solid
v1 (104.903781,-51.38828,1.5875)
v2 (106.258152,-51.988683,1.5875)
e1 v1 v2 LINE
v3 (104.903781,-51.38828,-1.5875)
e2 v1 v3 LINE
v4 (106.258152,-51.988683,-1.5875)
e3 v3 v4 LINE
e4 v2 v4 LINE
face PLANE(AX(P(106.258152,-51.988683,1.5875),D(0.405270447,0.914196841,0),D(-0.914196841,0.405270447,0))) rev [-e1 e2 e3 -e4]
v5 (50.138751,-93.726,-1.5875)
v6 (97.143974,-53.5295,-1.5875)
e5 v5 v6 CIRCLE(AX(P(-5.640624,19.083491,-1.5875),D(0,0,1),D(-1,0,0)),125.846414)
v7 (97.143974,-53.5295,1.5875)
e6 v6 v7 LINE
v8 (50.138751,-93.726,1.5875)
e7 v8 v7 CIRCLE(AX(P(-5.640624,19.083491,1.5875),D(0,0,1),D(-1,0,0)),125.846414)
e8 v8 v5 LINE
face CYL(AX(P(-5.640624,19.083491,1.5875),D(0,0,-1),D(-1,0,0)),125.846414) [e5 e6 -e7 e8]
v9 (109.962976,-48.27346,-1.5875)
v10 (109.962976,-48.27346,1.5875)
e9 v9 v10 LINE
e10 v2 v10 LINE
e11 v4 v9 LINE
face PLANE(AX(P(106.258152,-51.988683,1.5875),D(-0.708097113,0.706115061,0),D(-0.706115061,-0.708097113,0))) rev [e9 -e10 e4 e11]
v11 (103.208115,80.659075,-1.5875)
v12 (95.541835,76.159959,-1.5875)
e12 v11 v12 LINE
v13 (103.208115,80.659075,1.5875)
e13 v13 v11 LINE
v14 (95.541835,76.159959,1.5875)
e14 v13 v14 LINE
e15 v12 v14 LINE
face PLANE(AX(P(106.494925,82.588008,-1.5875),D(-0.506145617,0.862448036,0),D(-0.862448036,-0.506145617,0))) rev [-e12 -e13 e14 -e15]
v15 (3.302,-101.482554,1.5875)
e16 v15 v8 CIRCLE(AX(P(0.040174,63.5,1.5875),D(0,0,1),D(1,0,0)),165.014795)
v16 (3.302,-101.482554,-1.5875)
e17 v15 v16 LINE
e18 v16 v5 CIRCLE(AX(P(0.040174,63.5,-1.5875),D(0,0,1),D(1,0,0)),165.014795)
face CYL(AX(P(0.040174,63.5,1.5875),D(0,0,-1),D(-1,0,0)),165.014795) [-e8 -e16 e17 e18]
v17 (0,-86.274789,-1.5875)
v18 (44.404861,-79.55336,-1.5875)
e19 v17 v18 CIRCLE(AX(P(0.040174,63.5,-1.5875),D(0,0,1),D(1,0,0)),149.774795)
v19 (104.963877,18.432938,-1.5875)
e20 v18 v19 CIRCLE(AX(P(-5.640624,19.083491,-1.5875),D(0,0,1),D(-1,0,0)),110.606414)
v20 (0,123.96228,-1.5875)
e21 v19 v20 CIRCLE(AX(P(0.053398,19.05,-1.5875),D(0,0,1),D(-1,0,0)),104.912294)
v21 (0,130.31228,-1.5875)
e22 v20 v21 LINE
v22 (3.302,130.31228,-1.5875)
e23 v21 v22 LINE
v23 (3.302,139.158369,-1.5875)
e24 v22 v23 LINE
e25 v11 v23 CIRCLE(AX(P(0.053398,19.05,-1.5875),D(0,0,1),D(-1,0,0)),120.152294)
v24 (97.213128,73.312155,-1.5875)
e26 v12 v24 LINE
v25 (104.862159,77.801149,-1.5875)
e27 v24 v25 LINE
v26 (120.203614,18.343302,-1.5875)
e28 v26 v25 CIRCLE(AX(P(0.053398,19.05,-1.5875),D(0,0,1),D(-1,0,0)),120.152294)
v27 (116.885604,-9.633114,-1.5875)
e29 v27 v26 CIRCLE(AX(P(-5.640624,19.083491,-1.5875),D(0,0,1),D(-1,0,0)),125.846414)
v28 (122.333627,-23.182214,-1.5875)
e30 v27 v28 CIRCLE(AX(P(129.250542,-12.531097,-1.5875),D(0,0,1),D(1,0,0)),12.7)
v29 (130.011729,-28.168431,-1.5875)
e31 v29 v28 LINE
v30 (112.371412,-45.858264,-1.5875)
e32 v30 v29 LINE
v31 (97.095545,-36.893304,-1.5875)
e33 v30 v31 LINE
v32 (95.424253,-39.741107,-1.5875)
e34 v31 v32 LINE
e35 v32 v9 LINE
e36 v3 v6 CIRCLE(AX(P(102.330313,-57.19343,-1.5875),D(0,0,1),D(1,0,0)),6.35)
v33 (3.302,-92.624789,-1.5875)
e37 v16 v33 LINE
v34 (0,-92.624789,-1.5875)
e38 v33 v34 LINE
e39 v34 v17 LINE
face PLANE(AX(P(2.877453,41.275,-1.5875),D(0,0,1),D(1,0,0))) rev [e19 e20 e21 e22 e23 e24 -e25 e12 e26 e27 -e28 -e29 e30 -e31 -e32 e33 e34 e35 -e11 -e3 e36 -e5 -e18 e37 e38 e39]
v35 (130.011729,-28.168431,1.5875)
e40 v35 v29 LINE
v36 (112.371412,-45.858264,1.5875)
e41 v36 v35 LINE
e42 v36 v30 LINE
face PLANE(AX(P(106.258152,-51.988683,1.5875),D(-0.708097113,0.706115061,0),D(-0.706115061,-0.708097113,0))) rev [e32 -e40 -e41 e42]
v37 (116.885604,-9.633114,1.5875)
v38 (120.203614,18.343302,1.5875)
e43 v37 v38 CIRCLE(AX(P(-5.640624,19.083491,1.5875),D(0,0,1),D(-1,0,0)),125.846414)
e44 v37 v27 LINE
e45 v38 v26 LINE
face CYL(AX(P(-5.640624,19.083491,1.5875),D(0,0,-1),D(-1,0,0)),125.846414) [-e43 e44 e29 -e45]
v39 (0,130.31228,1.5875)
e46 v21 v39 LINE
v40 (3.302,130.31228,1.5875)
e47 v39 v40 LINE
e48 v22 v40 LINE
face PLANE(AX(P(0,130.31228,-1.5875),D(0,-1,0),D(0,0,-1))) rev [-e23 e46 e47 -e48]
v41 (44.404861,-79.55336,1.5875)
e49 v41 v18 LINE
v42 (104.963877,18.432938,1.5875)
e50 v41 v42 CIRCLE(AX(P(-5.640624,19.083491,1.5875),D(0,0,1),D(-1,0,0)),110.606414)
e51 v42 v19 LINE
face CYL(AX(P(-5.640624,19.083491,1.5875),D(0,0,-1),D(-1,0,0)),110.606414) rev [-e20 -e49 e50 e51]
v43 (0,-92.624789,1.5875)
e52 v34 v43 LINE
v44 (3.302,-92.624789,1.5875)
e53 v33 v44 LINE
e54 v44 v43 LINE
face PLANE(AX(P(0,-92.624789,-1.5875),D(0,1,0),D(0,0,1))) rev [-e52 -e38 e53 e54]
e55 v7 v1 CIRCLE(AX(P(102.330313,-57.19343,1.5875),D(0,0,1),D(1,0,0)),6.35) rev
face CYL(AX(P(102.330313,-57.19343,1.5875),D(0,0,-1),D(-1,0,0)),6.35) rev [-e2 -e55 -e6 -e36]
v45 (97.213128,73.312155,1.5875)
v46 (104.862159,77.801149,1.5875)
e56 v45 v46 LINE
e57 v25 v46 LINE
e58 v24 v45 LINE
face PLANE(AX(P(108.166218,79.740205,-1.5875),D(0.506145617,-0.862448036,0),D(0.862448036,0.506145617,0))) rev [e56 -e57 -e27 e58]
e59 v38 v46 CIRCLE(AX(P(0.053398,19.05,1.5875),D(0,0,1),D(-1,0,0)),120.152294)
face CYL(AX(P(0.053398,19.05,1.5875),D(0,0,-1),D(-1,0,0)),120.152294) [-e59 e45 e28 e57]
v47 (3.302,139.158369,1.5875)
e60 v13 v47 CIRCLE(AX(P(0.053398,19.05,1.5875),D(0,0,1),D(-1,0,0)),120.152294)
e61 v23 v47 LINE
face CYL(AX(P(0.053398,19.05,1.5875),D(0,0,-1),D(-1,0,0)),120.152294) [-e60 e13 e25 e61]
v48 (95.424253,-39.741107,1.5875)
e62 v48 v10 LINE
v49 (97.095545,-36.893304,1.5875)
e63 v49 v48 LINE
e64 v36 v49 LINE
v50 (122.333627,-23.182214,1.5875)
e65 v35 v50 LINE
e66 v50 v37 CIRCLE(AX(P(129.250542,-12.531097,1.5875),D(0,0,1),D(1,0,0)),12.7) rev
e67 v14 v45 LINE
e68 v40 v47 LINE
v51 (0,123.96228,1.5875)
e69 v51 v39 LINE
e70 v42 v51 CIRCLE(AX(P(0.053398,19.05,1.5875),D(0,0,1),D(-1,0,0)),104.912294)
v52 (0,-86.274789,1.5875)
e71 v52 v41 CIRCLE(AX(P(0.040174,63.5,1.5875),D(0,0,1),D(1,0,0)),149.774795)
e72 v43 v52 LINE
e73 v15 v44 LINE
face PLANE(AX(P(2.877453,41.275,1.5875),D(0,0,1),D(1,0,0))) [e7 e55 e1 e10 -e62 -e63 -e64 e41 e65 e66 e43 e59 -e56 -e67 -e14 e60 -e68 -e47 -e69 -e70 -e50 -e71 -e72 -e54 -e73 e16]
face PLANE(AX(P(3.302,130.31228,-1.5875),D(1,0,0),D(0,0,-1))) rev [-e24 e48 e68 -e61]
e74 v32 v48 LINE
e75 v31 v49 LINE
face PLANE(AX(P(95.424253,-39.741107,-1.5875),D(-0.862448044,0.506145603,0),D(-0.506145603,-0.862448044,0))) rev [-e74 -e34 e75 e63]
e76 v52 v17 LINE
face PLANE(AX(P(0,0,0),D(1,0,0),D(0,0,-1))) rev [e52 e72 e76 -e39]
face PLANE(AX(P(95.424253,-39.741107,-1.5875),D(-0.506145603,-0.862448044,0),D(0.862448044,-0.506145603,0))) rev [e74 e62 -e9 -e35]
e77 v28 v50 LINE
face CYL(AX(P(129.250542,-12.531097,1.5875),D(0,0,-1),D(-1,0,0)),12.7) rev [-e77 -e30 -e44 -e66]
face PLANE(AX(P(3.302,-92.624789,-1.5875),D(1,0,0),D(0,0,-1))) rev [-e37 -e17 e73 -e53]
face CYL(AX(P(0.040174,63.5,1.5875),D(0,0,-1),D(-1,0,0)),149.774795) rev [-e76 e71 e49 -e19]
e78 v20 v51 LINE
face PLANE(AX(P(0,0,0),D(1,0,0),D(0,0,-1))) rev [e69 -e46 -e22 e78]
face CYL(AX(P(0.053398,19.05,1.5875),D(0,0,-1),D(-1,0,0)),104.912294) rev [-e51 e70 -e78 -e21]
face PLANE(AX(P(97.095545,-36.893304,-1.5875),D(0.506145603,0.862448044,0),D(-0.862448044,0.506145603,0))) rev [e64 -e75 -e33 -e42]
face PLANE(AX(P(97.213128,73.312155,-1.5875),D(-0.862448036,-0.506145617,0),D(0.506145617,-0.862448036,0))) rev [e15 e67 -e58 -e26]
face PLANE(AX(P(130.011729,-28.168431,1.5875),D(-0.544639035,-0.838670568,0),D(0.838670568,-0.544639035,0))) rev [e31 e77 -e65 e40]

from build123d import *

# Parameters (mm, degrees)
BOSS_EXTRUDE1_DEPTH = 1.5875
SKETCH3_W           = 208.645691316
SKETCH3_H           = 383.026987577
CUT_EXTRUDE1_DEPTH  = 121.098895727
BOSS_EXTRUDE2_DEPTH = 1.5875
FILLET1_R           = 6.35
FILLET2_R           = 12.7
SKETCH6_W           = 3.302
SKETCH6_H           = 12.7
CUT_EXTRUDE2_DEPTH  = 4.175


with BuildPart() as part:
    # Sketch2 → Boss-Extrude1 (new body, symmetric)
    with BuildSketch(Plane.XY):
        with BuildLine():
            ThreePointArc((-120.098895727, 19.05), (0.406748907, 139.2017743), (120.203613722, 18.343301545))
            ThreePointArc((120.203613722, 18.343301545), (101.067699546, -47.629728931), (50.138751442, -93.726))
            ThreePointArc((50.138751442, -93.726), (0.040174098, -101.514794876), (-50.058403246, -93.726))
            ThreePointArc((-50.058403246, -93.726), (-101.163912713, -47.327889321), (-120.098895727, 19.05))
        make_face()
        with BuildLine():
            ThreePointArc((-104.858895727, 19.05), (0.361930242, 123.961840203), (104.963877332, 18.432938489))
            ThreePointArc((104.963877332, 18.432938489), (88.446745877, -39.065849025), (44.40486057, -79.553359885))
            ThreePointArc((44.40486057, -79.553359885), (0.040463589, -86.274794876), (-44.323959374, -79.553531384))
            ThreePointArc((-44.323959374, -79.553531384), (-88.517658334, -38.801393502), (-104.858895727, 19.05))
        make_face(mode=Mode.SUBTRACT)
    extrude(amount=BOSS_EXTRUDE1_DEPTH, both=True)

    # Sketch3 → Cut-Extrude1 (cut, through all)
    with BuildSketch(Plane(origin=(0, 0, 0), x_dir=(0, 0, -1), z_dir=(1, 0, 0))):
        with Locations((4.266053154, 20.866300598)):
            Rectangle(SKETCH3_W, SKETCH3_H)
    extrude(amount=-CUT_EXTRUDE1_DEPTH, mode=Mode.SUBTRACT)

    # Sketch5 → Boss-Extrude2 (add, symmetric)
    with BuildSketch(Plane.XY):
        Polygon((106.258152496, -51.988683319), (130.011728615, -28.168431361), (114.573822099, -18.142937646), (100.046993583, -49.235229101), align=None)
    extrude(amount=BOSS_EXTRUDE2_DEPTH, both=True)

    # Fillet1
    fillet1_edges = [part.edges().sort_by_distance(p)[0] for p in [
        (100.046993583, -49.235229101, 0),
    ]]
    fillet(fillet1_edges, radius=FILLET1_R)

    # Fillet2
    fillet2_edges = [part.edges().sort_by_distance(p)[0] for p in [
        (114.573822099, -18.142937646, 0),
    ]]
    fillet(fillet2_edges, radius=FILLET2_R)

    # Sketch6 → Cut-Extrude2 (cut, through all)
    with BuildSketch(Plane.XY.offset(1.5875)):
        with Locations((1.651, 136.662280289)):
            Rectangle(SKETCH6_W, SKETCH6_H)
        Polygon((108.166218002, 79.740204673), (106.494925174, 82.588008087), (95.541835122, 76.159958748), (97.21312795, 73.312155334), align=None)
        Polygon((95.424252626, -39.741107061), (97.095545407, -36.89330362), (118.130209204, -49.237934313), (116.458916422, -52.085737754), align=None)
        with Locations((1.651, -98.974789488)):
            Rectangle(SKETCH6_W, SKETCH6_H)
    extrude(amount=-CUT_EXTRUDE2_DEPTH, mode=Mode.SUBTRACT)


solid = part.part
